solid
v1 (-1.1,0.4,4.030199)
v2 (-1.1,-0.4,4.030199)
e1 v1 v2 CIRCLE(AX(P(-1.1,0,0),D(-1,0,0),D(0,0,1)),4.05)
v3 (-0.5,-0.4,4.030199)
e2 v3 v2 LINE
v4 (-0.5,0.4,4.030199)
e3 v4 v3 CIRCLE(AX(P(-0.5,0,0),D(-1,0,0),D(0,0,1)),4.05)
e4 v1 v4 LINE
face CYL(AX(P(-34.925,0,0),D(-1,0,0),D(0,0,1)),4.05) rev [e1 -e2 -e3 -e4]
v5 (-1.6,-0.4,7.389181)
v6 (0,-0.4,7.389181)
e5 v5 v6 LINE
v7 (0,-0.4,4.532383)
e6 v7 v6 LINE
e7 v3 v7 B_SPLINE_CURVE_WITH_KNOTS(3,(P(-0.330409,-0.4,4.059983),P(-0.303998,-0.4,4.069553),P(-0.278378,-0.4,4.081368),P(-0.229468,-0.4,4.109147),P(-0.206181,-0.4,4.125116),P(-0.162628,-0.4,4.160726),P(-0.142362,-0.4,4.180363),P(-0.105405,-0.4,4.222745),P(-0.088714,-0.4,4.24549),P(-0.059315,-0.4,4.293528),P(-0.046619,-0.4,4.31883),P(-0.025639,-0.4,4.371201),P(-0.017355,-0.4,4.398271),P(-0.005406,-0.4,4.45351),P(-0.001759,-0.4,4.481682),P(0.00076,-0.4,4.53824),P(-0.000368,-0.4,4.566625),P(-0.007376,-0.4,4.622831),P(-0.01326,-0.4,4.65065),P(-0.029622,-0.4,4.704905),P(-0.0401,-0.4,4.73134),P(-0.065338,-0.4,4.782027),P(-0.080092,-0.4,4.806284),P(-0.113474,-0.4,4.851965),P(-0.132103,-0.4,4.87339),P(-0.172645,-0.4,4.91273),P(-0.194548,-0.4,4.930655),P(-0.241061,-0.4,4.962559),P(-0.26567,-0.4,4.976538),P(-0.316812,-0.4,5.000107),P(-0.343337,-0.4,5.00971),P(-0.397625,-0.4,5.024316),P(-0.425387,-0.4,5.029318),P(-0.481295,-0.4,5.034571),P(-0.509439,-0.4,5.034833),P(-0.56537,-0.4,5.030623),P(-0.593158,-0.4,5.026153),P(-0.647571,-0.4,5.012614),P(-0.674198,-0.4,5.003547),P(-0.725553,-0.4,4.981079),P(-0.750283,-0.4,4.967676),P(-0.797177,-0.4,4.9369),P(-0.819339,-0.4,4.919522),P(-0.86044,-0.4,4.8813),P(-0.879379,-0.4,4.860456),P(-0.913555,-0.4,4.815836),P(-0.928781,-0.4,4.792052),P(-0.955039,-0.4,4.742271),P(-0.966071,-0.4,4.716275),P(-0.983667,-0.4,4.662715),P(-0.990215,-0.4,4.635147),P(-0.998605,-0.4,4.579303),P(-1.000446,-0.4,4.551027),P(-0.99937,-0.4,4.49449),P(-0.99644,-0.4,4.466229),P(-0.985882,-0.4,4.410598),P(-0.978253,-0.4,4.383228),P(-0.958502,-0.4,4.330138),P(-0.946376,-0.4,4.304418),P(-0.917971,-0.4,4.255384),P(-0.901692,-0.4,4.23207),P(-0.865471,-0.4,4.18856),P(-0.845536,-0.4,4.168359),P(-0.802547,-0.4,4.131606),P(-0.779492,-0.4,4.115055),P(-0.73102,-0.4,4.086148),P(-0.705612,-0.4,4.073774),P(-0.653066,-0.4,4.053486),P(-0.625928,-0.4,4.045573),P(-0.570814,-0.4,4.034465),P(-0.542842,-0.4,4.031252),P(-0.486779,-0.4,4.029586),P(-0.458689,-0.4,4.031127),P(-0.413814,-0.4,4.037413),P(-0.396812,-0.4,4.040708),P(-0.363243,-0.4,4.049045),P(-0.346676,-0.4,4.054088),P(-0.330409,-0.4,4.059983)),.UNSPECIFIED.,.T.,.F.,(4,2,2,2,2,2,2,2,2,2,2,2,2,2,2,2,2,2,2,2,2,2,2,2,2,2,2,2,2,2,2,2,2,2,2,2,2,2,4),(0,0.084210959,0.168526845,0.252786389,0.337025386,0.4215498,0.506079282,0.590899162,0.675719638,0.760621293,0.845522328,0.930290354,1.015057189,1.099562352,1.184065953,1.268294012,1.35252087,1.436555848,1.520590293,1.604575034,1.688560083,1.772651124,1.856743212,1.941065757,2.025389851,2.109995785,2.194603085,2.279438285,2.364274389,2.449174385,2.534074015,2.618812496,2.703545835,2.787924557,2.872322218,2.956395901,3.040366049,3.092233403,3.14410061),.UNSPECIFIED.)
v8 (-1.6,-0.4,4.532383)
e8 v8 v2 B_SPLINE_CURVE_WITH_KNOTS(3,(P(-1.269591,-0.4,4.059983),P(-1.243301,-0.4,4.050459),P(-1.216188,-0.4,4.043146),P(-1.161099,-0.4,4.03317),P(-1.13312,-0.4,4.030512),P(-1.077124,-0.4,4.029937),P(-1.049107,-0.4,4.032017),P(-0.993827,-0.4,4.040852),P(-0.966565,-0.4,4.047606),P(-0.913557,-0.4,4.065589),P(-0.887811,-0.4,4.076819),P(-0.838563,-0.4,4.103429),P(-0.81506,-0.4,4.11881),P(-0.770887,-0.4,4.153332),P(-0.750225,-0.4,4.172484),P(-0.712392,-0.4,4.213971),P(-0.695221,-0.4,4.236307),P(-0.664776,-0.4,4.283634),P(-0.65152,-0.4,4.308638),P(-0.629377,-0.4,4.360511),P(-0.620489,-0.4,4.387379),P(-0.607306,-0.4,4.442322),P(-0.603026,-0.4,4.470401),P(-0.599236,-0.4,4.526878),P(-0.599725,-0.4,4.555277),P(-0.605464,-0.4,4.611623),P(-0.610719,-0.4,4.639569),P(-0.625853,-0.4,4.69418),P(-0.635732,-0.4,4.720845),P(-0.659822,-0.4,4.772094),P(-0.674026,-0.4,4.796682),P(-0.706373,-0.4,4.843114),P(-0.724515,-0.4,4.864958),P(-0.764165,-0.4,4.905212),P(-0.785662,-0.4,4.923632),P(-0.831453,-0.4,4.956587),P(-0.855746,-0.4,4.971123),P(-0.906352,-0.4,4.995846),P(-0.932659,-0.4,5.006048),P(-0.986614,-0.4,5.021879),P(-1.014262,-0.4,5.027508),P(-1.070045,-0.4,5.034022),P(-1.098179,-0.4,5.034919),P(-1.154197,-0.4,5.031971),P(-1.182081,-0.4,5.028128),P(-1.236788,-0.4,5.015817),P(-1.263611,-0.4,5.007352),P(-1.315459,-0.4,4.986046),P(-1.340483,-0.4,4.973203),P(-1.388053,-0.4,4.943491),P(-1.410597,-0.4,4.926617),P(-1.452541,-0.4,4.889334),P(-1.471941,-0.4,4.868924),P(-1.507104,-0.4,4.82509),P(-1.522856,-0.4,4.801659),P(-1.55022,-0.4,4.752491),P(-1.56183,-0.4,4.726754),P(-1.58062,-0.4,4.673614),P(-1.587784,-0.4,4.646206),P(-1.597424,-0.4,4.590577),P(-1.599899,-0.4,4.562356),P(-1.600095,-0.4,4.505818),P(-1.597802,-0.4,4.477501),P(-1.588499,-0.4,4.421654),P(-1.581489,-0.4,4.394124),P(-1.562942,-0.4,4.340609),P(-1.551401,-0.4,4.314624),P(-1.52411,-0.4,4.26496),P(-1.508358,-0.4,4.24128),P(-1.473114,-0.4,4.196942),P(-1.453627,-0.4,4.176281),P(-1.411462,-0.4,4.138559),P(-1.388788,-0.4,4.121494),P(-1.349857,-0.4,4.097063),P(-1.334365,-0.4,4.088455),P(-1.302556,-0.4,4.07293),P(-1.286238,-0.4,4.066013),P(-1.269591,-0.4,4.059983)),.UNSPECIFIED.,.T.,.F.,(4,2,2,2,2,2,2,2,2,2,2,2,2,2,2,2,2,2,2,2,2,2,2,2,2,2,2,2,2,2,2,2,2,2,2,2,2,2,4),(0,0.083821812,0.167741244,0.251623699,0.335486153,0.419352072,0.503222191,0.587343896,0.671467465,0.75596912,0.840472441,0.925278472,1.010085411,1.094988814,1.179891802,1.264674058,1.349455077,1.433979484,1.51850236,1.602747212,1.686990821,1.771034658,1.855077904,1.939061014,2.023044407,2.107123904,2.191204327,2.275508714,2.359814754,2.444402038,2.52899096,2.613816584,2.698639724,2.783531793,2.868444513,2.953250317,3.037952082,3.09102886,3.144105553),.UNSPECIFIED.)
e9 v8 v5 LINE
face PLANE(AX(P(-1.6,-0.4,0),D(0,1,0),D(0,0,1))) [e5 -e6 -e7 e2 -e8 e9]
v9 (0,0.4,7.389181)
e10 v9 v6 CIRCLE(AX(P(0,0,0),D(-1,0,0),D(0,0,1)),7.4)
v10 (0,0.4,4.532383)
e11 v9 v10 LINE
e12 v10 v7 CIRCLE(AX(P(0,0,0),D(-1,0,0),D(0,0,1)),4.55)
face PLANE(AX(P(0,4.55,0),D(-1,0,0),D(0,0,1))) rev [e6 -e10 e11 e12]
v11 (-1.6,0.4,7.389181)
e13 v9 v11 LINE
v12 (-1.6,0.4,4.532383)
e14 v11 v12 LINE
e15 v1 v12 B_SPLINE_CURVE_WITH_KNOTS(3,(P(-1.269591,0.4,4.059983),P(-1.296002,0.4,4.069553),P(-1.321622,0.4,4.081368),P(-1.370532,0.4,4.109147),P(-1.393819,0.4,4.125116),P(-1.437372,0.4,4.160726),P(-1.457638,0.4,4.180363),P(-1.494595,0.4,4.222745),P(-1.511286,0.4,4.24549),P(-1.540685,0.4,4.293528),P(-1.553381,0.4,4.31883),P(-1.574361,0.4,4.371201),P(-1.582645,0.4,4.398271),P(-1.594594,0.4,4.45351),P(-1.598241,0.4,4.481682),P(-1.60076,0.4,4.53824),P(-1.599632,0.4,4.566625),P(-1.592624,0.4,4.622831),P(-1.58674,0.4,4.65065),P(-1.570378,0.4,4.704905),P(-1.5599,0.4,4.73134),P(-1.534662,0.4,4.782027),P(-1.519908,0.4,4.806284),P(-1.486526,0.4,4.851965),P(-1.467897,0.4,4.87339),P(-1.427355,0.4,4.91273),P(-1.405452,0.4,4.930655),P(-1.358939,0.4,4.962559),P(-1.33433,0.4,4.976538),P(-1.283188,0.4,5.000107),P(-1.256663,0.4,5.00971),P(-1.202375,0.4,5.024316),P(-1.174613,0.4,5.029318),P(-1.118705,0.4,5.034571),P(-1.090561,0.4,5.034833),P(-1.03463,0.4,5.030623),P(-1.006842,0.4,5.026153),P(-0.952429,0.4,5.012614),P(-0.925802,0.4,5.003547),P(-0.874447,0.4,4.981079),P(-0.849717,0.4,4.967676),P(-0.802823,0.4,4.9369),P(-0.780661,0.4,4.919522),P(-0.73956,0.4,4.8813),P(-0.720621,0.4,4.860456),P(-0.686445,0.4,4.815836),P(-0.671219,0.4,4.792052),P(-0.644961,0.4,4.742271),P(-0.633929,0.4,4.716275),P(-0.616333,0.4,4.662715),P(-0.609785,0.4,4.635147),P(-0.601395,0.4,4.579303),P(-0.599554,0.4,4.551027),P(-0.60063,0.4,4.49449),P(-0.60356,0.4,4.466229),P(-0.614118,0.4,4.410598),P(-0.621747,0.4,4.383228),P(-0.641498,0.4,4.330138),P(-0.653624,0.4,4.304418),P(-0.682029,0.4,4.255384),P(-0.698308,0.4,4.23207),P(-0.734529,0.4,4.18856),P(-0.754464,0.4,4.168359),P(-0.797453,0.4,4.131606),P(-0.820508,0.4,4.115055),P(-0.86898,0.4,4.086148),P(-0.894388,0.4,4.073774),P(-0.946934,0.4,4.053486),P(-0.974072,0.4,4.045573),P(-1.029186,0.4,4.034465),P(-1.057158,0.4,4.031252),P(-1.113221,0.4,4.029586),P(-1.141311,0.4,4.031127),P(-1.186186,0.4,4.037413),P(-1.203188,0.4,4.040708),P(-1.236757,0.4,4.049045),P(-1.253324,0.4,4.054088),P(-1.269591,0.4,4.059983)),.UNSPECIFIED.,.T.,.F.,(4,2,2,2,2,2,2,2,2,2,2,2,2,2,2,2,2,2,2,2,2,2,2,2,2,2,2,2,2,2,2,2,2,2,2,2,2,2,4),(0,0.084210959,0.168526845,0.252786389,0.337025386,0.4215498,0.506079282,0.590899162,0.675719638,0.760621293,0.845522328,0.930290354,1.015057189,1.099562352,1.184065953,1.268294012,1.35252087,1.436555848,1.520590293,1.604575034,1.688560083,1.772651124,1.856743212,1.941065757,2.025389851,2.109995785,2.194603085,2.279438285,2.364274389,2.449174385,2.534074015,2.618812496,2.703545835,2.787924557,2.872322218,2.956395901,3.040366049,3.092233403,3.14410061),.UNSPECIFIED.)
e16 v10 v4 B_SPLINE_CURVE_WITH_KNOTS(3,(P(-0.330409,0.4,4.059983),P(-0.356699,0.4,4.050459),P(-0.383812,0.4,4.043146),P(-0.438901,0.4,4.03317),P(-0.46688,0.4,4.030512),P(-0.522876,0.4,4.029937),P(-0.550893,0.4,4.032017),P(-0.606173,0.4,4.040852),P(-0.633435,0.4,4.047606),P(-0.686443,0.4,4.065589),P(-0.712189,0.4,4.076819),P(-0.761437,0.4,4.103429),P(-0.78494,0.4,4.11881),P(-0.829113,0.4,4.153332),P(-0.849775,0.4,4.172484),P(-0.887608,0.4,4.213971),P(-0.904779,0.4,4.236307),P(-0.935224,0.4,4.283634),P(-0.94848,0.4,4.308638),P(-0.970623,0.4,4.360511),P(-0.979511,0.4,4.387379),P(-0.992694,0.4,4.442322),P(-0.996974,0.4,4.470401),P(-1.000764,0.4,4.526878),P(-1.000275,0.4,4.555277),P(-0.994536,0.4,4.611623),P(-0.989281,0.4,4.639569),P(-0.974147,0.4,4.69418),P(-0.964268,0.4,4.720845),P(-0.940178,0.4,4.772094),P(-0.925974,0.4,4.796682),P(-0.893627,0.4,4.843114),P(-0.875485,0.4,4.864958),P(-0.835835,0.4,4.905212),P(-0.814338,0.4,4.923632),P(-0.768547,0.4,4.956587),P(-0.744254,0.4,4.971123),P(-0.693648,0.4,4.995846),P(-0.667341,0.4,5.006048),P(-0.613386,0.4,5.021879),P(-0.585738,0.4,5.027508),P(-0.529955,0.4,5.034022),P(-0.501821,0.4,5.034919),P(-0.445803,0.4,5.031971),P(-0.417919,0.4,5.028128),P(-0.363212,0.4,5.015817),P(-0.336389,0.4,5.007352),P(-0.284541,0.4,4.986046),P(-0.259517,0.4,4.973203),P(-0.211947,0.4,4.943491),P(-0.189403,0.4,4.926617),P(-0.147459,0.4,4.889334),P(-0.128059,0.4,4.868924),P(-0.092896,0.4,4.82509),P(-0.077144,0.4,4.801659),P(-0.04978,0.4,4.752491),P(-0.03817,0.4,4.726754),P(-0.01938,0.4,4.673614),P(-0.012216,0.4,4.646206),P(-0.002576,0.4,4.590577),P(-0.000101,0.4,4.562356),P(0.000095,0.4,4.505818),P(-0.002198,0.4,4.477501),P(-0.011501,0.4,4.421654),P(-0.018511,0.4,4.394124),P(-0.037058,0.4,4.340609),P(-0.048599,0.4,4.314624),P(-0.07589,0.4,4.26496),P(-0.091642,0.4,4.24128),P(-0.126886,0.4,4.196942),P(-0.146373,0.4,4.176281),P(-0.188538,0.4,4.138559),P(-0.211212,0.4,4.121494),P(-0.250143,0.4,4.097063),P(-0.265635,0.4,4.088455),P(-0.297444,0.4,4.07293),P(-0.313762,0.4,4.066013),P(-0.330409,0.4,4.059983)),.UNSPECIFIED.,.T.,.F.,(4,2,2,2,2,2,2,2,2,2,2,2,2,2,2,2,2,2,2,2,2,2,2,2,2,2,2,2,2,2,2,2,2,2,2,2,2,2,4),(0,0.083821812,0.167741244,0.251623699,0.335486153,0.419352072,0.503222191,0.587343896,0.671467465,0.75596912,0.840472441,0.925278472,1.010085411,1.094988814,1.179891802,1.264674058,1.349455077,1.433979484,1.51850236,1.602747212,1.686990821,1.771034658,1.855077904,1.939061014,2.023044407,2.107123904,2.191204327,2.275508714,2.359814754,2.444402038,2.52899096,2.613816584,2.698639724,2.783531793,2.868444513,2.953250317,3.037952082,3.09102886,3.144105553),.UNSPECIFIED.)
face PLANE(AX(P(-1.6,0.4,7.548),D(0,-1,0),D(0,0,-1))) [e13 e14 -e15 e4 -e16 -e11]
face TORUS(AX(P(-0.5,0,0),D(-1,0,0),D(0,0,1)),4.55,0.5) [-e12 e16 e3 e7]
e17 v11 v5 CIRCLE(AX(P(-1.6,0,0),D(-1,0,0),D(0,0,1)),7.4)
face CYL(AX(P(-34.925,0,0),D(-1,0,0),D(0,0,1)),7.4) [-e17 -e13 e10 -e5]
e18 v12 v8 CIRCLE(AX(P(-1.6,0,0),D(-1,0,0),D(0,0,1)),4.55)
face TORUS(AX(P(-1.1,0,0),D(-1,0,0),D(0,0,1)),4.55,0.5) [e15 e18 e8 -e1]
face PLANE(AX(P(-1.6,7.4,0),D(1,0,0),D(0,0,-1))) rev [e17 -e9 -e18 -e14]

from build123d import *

# Parameters (mm, degrees)
SKETCH2_W = 0.8
SKETCH2_H = 7.548
GAP_DEPTH = 11.586784214


with BuildPart() as part:
    # Sketch1 → Base-Revolve (revolve)
    with BuildSketch(Plane.XY, mode=Mode.PRIVATE) as base_revolve_sk:
        with BuildLine():
            Line((0, 4.55), (0, 7.4))
            Line((0, 7.4), (-1.6, 7.4))
            Line((-1.6, 7.4), (-1.6, 4.55))
            ThreePointArc((-1.6, 4.55), (-1.453553391, 4.196446609), (-1.1, 4.05))
            Line((-1.1, 4.05), (-0.5, 4.05))
            ThreePointArc((-0.5, 4.05), (-0.146446609, 4.196446609), (0, 4.55))
        make_face()
    revolve(base_revolve_sk.sketch.rotate(Axis((-34.925, 0, 0), (1, 0, 0)), 90), axis=Axis((-34.925, 0, 0), (1, 0, 0)))

    # Sketch2 → Gap (cut, through all)
    with BuildSketch(Plane(origin=(0, 0, 0), x_dir=(0, -1, 0), z_dir=(-1, 0, 0))):
        with Locations((0, 3.774)):
            Rectangle(SKETCH2_W, SKETCH2_H)
    extrude(amount=GAP_DEPTH, mode=Mode.SUBTRACT)


solid = part.part
